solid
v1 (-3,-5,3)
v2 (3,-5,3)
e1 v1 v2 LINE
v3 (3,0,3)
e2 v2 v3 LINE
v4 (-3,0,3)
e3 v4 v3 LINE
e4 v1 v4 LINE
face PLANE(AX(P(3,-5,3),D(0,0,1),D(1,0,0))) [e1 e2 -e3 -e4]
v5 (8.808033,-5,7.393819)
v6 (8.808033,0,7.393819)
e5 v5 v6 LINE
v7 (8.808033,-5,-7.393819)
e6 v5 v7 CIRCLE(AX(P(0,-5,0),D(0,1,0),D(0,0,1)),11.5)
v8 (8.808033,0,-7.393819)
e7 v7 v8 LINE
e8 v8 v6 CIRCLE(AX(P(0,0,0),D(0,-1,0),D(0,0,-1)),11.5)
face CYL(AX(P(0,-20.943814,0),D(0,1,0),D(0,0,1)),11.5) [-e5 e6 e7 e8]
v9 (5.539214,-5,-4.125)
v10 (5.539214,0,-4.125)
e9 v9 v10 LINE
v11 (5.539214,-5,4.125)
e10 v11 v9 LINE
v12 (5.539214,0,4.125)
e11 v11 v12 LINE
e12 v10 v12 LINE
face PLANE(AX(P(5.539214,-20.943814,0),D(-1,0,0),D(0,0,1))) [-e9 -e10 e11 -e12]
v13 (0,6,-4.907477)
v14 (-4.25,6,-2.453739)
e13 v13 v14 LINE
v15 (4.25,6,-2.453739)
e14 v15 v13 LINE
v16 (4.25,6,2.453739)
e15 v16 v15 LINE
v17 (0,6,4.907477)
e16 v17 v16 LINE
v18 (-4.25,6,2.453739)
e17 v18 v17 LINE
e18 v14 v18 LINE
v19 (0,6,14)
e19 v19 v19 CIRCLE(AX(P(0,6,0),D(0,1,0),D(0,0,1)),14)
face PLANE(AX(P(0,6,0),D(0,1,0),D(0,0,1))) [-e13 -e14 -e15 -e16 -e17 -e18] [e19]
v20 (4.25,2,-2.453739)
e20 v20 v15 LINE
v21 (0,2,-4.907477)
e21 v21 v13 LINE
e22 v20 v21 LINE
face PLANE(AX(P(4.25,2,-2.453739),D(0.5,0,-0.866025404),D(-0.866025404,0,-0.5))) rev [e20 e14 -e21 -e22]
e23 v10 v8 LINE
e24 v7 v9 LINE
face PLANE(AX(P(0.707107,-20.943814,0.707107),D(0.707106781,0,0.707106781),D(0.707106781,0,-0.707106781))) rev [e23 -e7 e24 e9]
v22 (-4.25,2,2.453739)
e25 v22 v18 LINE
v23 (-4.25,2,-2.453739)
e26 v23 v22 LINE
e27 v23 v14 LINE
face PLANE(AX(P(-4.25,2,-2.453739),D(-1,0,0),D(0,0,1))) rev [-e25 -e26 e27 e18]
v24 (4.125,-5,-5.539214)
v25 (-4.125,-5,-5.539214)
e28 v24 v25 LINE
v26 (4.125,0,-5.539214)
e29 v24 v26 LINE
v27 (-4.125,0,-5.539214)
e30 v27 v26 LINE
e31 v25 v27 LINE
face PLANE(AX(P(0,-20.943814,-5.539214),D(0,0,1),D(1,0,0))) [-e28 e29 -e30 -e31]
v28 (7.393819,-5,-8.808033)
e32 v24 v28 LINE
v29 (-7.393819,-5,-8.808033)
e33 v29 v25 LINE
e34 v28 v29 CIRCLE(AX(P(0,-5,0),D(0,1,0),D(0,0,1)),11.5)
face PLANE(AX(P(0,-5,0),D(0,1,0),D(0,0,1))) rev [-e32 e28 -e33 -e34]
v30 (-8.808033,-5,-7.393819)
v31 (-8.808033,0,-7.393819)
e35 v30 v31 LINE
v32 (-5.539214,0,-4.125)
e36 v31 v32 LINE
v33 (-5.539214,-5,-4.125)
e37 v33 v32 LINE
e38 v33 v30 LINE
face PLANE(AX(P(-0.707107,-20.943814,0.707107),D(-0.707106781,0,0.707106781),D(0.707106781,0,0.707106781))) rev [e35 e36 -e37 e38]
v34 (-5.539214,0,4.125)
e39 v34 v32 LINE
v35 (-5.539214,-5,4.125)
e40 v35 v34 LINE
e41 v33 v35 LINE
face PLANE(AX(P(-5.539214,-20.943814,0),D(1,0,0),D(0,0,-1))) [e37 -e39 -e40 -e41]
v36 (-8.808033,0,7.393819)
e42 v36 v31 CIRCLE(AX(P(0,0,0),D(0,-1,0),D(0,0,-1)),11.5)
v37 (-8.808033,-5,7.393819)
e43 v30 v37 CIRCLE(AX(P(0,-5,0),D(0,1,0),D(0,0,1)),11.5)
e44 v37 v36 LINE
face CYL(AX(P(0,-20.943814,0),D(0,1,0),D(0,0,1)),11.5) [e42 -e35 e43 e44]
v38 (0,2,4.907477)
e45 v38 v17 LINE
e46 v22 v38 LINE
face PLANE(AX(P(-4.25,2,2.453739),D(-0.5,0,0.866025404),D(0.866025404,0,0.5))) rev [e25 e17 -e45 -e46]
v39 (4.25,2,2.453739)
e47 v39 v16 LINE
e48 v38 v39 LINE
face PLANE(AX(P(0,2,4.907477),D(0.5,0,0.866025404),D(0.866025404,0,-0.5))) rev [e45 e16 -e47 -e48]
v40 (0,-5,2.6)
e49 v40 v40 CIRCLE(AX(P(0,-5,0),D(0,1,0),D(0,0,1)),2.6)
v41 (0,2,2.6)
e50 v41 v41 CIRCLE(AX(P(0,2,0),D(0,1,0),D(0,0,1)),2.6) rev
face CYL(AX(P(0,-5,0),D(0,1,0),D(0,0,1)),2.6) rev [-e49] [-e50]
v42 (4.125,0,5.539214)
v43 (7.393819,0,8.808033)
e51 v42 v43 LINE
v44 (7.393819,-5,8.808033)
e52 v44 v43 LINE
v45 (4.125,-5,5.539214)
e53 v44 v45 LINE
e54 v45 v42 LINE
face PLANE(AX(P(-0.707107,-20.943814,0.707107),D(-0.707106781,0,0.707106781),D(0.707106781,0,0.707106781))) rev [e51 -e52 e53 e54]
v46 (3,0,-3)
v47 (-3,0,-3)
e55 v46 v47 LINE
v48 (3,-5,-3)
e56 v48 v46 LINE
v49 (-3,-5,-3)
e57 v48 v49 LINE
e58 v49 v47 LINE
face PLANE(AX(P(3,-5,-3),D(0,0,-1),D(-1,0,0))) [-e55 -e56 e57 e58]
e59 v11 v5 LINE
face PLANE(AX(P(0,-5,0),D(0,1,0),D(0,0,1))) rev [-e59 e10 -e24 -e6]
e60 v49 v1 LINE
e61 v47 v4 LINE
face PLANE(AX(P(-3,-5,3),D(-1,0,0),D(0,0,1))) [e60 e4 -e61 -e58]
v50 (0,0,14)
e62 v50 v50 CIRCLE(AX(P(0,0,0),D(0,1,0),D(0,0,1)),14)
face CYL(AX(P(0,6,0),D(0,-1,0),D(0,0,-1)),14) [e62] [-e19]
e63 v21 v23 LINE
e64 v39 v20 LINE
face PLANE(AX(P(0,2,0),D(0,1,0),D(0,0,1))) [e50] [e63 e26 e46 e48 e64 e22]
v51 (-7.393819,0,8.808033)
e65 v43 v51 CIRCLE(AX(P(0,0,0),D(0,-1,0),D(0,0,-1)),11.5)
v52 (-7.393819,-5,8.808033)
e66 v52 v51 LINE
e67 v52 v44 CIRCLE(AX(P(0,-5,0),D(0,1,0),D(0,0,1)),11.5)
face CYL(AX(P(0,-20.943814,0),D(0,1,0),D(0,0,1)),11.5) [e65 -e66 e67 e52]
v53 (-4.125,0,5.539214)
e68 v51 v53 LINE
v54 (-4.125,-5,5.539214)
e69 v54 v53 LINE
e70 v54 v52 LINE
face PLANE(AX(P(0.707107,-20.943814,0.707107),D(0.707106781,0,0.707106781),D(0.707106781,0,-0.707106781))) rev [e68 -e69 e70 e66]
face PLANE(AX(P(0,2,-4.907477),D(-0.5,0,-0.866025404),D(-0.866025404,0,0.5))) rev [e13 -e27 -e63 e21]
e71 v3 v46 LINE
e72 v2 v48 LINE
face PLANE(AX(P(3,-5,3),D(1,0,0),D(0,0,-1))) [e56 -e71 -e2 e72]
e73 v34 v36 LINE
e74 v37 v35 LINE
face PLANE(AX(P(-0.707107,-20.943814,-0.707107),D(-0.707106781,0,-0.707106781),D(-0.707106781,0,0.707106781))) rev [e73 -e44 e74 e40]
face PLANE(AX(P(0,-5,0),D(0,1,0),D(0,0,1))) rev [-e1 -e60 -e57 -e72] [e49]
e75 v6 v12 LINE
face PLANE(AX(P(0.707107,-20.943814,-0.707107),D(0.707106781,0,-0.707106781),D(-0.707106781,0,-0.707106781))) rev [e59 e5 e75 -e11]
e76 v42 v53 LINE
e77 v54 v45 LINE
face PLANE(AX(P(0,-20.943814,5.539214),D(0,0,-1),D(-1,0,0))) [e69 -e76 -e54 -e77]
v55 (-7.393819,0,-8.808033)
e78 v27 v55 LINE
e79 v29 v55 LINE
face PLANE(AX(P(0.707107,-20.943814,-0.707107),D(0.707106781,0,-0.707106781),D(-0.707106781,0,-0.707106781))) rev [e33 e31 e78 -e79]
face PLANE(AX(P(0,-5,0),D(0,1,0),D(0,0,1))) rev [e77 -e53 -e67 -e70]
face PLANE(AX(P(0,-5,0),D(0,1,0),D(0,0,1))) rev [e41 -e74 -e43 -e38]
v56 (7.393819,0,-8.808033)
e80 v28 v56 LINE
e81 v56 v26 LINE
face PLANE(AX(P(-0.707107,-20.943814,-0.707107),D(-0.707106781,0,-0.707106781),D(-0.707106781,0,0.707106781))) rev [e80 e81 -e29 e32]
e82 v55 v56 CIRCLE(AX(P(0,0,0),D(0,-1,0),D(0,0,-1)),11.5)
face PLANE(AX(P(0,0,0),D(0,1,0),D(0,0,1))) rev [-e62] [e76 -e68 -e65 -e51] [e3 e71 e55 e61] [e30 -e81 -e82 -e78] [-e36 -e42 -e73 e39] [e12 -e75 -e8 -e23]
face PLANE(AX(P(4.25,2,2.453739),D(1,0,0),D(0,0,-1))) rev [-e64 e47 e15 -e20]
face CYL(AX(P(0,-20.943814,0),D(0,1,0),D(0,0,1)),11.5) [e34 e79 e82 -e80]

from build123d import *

# Parameters (mm, degrees)
SKETCH3_W           = 6
SKETCH3_H           = 6
SKETCH3_R           = 2.6
BASE_DEPTH          = 5
BLOC_START          = 6
SKETCH8_R           = 14
SKETCH8_R_2         = 2.6
BLOC_DEPTH          = 6
NUT_PLACE_DEPTH     = 4
REINFORCEMENT_DEPTH = 5


with BuildPart() as part:
    # Sketch3 → Base (new body)
    with BuildSketch(Plane(origin=(0, 0, 0), x_dir=(1, 0, 0), z_dir=(0, 1, 0))):
        Rectangle(SKETCH3_W, SKETCH3_H)
        with Locations(Location((0, 0, 0), (0, 0, 270))):
            Circle(SKETCH3_R, mode=Mode.SUBTRACT)
    extrude(amount=-BASE_DEPTH)

    # Sketch8 → Bloc (add)
    with BuildSketch(Plane(origin=(0, 0, 0), x_dir=(1, 0, 0), z_dir=(0, 1, 0)).offset(BLOC_START)):
        with Locations(Location((0, 0, 0), (0, 0, 270))):
            Circle(SKETCH8_R)
        with Locations(Location((0, 0, 0), (0, 0, 270))):
            Circle(SKETCH8_R_2, mode=Mode.SUBTRACT)
    extrude(amount=-BLOC_DEPTH)

    # Sketch4 → Nut_place (cut)
    with BuildSketch(Plane(origin=(0, 6, 0), x_dir=(1, 0, 0), z_dir=(0, 1, 0))):
        Polygon((0, 4.907477288), (-4.25, 2.453738644), (-4.25, -2.453738644), (0, -4.907477288), (4.25, -2.453738644), (4.25, 2.453738644), align=None)
    extrude(amount=-NUT_PLACE_DEPTH, mode=Mode.SUBTRACT)

    # Sketch9 → Reinforcement (add)
    with BuildSketch(Plane.XZ):
        with BuildLine():
            ThreePointArc((11.5, 0), (10.806071801, 3.934312168), (8.808032654, 7.393819092))
            Line((8.808032654, 7.393819092), (5.539213562, 4.125))
            Line((5.539213562, 4.125), (5.539213562, -4.125))
            Line((5.539213562, -4.125), (8.808032654, -7.393819092))
            ThreePointArc((8.808032654, -7.393819092), (10.806071801, -3.934312168), (11.5, 0))
        make_face()
        with BuildLine():
            Line((-4.125, -5.539213562), (-7.393819092, -8.808032654))
            ThreePointArc((-7.393819092, -8.808032654), (0, -11.5), (7.393819092, -8.808032654))
            Line((7.393819092, -8.808032654), (4.125, -5.539213562))
            Line((4.125, -5.539213562), (-4.125, -5.539213562))
        make_face()
        with BuildLine():
            Line((-5.539213562, -4.125), (-5.539213562, 4.125))
            Line((-5.539213562, 4.125), (-8.808032654, 7.393819092))
            ThreePointArc((-8.808032654, 7.393819092), (-11.5, 0), (-8.808032654, -7.393819092))
            Line((-8.808032654, -7.393819092), (-5.539213562, -4.125))
        make_face()
        with BuildLine():
            ThreePointArc((7.393819092, 8.808032654), (0, 11.5), (-7.393819092, 8.808032654))
            Line((-7.393819092, 8.808032654), (-4.125, 5.539213562))
            Line((-4.125, 5.539213562), (4.125, 5.539213562))
            Line((4.125, 5.539213562), (7.393819092, 8.808032654))
        make_face()
    extrude(amount=REINFORCEMENT_DEPTH)


solid = part.part
